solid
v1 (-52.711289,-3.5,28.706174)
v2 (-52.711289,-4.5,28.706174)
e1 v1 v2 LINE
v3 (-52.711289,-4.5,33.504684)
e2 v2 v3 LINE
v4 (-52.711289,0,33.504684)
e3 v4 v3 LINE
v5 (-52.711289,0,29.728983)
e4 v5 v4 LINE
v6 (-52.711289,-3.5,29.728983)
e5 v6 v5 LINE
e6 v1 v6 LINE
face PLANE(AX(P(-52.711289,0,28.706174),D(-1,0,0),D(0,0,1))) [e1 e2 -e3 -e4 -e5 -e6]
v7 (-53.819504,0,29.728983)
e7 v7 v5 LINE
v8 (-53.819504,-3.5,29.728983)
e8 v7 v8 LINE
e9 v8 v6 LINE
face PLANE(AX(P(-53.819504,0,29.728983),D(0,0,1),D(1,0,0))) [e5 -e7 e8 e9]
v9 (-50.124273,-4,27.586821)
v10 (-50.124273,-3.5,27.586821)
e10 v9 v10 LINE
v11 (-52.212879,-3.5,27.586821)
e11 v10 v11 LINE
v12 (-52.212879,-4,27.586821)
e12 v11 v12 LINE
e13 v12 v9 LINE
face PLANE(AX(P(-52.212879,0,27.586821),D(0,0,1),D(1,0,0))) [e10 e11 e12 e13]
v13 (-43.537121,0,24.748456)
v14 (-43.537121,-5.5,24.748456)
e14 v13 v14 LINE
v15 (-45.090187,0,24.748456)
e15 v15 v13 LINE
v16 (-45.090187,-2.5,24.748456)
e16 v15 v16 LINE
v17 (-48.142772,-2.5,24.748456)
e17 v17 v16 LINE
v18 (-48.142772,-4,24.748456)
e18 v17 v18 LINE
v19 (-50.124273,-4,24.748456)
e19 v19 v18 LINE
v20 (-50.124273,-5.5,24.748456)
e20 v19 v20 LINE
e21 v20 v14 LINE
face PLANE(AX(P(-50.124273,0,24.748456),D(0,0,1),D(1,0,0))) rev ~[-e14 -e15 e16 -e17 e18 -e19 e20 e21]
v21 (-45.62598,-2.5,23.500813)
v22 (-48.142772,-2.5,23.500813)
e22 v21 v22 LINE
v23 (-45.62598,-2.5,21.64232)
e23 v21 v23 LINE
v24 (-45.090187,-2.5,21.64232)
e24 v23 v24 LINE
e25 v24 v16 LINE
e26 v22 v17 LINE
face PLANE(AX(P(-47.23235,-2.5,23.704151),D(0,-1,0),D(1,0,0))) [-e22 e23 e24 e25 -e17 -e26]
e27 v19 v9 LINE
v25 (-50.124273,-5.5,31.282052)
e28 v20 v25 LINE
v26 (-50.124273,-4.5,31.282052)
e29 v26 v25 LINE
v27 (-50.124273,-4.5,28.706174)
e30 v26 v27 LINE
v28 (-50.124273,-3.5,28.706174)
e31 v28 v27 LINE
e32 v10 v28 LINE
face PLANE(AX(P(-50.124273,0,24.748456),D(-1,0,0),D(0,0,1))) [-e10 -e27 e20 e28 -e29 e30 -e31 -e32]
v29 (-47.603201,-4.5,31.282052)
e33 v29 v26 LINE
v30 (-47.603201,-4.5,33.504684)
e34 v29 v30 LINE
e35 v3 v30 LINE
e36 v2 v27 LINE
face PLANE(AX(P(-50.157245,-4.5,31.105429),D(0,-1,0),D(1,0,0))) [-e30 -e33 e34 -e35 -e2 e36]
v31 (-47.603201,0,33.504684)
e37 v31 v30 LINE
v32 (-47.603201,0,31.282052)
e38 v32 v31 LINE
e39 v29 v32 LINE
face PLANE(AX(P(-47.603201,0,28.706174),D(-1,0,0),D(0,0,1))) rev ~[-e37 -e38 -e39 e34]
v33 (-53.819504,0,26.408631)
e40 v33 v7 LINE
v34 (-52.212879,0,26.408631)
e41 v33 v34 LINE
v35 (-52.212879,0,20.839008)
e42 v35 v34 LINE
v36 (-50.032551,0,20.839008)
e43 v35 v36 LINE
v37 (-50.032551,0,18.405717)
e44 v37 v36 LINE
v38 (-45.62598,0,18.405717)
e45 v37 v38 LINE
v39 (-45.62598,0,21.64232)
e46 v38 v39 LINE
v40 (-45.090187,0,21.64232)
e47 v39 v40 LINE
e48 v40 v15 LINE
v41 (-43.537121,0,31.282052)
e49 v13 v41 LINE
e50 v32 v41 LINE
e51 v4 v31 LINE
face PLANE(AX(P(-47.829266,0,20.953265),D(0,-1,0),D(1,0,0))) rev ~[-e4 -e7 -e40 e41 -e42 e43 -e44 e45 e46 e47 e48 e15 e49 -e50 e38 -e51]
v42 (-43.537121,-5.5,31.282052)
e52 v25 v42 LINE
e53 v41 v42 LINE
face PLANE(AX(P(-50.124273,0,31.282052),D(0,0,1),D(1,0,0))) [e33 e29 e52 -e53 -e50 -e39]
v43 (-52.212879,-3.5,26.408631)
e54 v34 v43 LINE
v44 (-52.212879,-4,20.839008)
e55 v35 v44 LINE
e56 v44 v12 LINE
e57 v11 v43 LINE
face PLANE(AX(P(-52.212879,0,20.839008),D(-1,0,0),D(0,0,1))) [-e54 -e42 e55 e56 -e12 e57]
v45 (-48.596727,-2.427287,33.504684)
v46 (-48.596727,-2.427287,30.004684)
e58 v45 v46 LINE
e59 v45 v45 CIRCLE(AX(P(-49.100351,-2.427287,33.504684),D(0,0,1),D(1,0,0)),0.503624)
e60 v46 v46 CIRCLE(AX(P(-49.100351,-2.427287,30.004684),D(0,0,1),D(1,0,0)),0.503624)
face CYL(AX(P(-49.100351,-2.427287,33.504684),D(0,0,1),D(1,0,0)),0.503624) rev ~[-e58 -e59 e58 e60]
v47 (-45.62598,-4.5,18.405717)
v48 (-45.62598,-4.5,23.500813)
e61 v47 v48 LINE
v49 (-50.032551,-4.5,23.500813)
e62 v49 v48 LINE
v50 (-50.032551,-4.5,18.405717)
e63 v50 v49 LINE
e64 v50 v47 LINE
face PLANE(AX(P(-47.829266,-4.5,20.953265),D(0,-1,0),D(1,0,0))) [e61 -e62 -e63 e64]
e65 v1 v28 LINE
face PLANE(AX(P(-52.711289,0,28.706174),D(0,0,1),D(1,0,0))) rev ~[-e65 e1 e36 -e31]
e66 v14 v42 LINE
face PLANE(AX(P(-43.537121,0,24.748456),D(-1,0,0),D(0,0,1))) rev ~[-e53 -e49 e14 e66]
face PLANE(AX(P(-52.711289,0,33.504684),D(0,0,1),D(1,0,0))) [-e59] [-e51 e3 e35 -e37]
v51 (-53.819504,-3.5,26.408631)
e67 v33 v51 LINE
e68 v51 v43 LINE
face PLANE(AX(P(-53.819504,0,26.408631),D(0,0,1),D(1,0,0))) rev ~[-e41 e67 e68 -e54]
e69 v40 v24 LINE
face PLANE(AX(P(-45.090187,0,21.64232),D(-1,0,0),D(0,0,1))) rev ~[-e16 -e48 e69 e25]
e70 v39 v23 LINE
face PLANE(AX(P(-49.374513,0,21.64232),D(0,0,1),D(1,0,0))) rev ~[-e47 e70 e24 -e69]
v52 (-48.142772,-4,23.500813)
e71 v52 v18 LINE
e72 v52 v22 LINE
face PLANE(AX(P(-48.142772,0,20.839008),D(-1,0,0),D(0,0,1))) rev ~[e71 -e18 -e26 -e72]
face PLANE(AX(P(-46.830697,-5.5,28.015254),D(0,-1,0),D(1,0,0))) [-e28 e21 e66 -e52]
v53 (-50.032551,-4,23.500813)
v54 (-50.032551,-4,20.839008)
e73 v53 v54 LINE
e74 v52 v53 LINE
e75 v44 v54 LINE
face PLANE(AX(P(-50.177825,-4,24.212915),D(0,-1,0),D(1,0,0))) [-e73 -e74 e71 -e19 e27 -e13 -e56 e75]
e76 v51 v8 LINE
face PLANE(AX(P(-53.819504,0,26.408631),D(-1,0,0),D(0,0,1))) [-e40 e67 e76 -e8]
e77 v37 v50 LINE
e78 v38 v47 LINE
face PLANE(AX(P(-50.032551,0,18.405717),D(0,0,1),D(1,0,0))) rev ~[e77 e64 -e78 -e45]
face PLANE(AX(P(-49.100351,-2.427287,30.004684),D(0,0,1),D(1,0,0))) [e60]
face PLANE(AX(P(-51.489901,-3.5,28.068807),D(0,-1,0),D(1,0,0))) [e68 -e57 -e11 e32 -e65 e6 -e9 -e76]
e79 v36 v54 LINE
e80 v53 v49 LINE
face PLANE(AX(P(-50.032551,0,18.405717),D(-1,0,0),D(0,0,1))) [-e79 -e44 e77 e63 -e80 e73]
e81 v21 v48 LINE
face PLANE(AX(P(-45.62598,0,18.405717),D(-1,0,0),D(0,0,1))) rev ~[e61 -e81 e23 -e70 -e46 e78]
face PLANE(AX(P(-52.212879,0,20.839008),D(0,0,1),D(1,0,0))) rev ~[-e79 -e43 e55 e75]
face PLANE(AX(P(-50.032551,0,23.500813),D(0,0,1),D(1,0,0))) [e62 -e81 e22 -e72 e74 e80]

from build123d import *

# Parameters (mm, degrees)
F0_W      = 5.108088
F0_H      = 4.79851
F1_DEPTH  = 4.5
F2_W      = 6.587152
F2_H      = 6.533596
F6_DEPTH  = 5.5
F3_W      = 4.659206
F3_H      = 3.320352
F7_DEPTH  = 3.5
F4_W      = 4.070107
F4_H      = 6.747813
F9_DEPTH  = 4
F5_W      = 4.284326
F5_H      = 4.123662
F10_DEPTH = 2.5
F8_W      = 4.406571
F8_H      = 5.095096
F11_DEPTH = 4.5
F12_R     = 0.503624
F13_DEPTH = 3.5


with BuildPart() as f1:
    # F0 (on Front) → F1 (new body)
    with BuildSketch(Plane.XZ):
        with Locations((-50.157245, 31.105429)):
            Rectangle(F0_W, F0_H)
    extrude(amount=F1_DEPTH)

    # F2 (on Front) → F6 (join)
    with BuildSketch(Plane.XZ):
        with Locations((-46.830697, 28.015254)):
            Rectangle(F2_W, F2_H)
    extrude(amount=F6_DEPTH)

    # F3 (on Front) → F7 (join)
    with BuildSketch(Plane.XZ):
        with Locations((-51.489901, 28.068807)):
            Rectangle(F3_W, F3_H)
    extrude(amount=F7_DEPTH)

    # F4 (on Front) → F9 (join)
    with BuildSketch(Plane.XZ):
        with Locations((-50.177825, 24.212915)):
            Rectangle(F4_W, F4_H)
    extrude(amount=F9_DEPTH)

    # F5 (on Front) → F10 (join)
    with BuildSketch(Plane.XZ):
        with Locations((-47.23235, 23.704151)):
            Rectangle(F5_W, F5_H)
    extrude(amount=F10_DEPTH)

    # F8 (on Front) → F11 (join)
    with BuildSketch(Plane.XZ):
        with Locations((-47.829266, 20.953265)):
            Rectangle(F8_W, F8_H)
    extrude(amount=F11_DEPTH)

    # F12 (on face) → F13 (cut)
    with BuildSketch(Plane.XY.offset(33.504684)):
        with Locations((-49.100351, -2.427287)):
            Circle(F12_R)
    extrude(amount=-F13_DEPTH, mode=Mode.SUBTRACT)


solid = f1.part
